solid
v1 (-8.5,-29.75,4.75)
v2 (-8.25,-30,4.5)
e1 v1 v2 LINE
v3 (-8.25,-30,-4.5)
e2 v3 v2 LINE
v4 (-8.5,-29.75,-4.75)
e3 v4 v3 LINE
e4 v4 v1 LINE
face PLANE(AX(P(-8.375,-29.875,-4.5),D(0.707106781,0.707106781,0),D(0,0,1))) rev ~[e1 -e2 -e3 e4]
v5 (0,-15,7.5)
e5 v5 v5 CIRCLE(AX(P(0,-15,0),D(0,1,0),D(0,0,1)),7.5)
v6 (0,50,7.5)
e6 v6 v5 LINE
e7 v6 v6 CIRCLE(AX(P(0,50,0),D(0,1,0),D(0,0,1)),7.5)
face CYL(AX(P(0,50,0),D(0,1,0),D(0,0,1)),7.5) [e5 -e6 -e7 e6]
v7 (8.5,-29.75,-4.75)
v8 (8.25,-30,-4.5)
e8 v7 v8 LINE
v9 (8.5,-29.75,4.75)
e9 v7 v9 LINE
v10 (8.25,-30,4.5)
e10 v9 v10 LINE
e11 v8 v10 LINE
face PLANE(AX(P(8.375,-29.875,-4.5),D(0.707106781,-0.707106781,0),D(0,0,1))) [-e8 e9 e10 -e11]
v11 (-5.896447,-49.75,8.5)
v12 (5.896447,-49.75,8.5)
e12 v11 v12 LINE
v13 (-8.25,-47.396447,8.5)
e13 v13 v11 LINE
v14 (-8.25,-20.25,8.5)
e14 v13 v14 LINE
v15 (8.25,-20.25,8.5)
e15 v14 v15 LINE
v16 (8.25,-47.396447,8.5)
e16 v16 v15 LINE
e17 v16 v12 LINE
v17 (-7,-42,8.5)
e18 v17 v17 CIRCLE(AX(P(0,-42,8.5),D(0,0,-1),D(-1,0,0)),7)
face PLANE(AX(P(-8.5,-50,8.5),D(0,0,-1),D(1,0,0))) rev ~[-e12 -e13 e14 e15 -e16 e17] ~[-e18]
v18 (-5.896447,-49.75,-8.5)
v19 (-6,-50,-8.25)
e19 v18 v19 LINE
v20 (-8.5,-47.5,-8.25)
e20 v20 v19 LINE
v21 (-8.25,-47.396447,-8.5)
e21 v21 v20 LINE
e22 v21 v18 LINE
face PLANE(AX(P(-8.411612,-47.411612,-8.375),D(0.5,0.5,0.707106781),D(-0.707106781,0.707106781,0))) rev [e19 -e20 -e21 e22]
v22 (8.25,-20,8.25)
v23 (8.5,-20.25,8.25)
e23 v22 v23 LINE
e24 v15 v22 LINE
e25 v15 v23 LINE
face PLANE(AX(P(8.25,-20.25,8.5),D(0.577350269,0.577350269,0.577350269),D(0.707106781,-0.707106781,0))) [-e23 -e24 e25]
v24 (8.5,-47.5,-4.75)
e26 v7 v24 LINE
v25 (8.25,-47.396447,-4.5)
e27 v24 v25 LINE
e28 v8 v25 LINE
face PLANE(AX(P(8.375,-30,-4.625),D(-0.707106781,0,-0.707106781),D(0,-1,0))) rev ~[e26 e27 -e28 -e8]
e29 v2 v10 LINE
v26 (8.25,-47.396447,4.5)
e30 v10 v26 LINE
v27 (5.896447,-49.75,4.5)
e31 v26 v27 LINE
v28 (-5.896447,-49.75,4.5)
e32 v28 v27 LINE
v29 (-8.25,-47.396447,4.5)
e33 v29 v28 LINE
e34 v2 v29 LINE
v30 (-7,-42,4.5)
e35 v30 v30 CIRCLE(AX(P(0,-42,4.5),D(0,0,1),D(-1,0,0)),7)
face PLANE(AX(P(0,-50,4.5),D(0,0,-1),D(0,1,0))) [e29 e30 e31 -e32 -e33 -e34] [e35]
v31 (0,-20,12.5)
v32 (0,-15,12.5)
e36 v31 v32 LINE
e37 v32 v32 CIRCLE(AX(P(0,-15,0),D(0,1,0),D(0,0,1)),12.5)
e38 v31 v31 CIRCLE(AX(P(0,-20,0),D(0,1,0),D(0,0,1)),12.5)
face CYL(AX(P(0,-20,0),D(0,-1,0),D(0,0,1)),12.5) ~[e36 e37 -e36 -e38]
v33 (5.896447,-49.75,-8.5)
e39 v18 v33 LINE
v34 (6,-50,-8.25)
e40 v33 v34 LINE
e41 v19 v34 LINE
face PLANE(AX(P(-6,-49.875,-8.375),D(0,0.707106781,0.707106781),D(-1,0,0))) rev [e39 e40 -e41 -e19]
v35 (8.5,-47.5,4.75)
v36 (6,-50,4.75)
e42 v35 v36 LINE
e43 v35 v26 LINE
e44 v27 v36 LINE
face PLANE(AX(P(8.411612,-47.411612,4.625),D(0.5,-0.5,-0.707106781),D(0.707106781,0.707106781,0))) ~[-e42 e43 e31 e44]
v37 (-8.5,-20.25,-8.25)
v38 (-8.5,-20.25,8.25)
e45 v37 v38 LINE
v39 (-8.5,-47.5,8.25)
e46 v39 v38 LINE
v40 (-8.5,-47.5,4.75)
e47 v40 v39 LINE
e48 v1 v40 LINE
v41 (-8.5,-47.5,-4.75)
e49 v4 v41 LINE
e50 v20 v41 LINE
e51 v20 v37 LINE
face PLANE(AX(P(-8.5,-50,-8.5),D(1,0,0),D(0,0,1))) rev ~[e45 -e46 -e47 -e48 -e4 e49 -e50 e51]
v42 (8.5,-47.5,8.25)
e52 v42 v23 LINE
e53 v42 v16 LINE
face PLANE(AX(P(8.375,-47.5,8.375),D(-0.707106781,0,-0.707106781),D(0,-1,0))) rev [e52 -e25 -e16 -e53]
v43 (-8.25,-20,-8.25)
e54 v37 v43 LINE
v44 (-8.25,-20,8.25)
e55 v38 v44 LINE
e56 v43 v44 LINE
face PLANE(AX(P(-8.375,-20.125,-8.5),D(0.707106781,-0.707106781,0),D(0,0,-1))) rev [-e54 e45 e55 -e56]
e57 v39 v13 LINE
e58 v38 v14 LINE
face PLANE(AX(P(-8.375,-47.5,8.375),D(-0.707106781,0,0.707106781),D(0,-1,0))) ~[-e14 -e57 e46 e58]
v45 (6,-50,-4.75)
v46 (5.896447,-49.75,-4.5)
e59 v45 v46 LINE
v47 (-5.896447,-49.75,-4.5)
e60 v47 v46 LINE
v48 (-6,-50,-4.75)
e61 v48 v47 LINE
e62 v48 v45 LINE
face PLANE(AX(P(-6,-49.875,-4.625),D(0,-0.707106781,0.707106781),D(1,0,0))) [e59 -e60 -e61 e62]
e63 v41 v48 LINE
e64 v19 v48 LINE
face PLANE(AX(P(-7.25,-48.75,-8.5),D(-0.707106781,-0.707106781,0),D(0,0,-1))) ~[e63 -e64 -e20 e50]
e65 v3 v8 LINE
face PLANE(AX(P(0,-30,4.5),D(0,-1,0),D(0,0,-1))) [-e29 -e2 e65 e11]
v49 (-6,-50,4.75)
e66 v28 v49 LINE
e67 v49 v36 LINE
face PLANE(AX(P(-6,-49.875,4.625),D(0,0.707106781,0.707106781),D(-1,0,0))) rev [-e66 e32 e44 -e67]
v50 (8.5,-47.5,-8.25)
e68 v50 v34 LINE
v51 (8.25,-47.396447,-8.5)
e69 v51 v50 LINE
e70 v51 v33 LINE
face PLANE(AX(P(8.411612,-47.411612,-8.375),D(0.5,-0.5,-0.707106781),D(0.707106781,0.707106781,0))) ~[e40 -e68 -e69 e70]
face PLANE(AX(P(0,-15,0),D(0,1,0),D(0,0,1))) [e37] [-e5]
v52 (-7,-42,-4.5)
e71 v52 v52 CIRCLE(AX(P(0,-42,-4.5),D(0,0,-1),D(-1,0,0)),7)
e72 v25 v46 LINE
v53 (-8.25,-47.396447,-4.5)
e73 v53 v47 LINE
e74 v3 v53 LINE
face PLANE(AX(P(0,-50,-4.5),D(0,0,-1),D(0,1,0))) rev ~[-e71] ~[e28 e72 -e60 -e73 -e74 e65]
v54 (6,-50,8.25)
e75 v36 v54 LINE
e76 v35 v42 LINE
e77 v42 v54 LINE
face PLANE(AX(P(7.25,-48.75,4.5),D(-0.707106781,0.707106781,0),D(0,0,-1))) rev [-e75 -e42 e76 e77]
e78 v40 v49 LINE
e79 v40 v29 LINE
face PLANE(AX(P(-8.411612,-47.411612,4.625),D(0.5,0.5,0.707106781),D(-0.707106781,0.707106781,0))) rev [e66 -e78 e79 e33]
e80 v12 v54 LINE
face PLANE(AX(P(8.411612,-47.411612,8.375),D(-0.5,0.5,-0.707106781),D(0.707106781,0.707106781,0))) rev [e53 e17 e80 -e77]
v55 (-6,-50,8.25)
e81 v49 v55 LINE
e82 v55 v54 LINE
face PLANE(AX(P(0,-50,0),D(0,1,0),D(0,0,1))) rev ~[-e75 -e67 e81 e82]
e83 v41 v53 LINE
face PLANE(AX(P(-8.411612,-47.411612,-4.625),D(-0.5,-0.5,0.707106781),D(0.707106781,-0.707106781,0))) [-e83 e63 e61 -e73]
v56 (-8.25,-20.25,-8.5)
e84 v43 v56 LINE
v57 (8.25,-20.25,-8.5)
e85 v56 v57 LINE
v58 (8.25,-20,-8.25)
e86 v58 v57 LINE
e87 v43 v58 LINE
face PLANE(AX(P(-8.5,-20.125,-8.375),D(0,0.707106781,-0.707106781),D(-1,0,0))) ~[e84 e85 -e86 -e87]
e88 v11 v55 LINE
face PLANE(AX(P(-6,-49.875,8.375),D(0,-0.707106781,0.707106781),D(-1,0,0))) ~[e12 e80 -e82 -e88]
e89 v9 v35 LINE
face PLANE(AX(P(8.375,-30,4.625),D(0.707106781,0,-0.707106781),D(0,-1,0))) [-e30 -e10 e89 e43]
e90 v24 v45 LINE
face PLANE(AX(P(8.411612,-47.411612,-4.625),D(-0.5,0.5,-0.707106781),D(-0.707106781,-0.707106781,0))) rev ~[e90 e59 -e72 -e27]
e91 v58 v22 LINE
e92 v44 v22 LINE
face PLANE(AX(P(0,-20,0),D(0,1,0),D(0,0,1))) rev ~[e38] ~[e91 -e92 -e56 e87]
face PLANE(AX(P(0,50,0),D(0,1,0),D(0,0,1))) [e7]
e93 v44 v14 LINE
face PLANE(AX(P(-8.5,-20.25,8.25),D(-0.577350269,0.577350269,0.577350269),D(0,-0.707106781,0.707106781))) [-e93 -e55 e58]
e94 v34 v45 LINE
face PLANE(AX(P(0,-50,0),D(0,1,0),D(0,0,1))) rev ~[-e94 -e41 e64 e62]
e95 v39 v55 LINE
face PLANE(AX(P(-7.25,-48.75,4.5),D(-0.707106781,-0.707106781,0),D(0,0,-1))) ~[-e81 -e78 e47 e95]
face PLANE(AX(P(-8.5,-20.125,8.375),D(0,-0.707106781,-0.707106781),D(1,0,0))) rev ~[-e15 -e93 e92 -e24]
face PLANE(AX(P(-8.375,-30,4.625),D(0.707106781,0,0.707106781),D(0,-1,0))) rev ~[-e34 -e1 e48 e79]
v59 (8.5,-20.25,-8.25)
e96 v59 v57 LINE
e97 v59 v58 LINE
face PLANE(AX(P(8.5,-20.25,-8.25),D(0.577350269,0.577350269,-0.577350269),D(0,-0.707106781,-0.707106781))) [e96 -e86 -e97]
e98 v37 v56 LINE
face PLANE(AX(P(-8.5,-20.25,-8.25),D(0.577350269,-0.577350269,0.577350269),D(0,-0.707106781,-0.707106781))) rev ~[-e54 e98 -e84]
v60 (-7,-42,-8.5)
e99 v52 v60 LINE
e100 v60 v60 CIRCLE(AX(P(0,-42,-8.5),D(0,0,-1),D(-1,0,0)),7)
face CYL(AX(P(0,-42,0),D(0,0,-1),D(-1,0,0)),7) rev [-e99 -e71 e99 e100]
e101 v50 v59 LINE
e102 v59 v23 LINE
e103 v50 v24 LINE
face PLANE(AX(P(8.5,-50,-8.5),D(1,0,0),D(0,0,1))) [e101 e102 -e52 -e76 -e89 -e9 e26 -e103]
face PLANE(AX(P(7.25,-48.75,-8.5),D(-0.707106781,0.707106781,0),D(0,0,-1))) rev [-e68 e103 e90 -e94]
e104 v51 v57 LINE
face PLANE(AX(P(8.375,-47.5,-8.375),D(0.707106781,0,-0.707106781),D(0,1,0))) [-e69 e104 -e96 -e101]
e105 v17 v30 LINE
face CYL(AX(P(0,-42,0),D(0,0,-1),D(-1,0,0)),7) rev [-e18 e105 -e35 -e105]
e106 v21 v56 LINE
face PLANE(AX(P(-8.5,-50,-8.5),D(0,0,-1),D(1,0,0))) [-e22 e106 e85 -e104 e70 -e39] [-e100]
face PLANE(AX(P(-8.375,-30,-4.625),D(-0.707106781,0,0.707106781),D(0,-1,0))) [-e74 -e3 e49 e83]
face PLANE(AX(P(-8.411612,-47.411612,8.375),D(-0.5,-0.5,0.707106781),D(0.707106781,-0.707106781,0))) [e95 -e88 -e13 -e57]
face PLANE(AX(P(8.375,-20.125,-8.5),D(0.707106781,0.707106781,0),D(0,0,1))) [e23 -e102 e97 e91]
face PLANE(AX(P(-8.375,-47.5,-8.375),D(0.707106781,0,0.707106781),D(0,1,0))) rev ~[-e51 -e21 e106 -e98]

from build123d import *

# Parameters (mm, degrees)
SKETCH1_R                           = 12.5
BOSS_EXTRUDE1_DEPTH                 = 50
CUT_EXTRUDE1_REACH                  = 55.033
CUT_EXTRUDE1_END_RADIUS             = 12.5
SKETCH2_R                           = 7
CUT_EXTRUDE1_DIRECTION_2_REACH      = 55.033
CUT_EXTRUDE1_DIRECTION_2_END_RADIUS = 12.5
CUT_EXTRUDE2_REACH                  = 55.033
SKETCH3_W                           = 9
SKETCH3_H                           = 20
CUT_EXTRUDE2_DIRECTION_2_REACH      = 55.033
SKETCH4_OUTSIDE_W                   = 48.214
SKETCH4_OUTSIDE_H                   = 48.214
SKETCH4_OUTSIDE_W_2                 = 17
SKETCH4_OUTSIDE_H_2                 = 17
CUT_EXTRUDE4_DEPTH                  = 30
SKETCH5_R                           = 12.5
SKETCH5_R_2                         = 7.5
CUT_EXTRUDE5_DEPTH                  = 70
CHAMFER2_SIZE                       = 2.5
CHAMFER1_SIZE                       = 0.25
SKETCH7_R                           = 12.5
BOSS_EXTRUDE2_DEPTH                 = 5


with BuildPart() as part:
    # Sketch1 → Boss-Extrude1 (new, symmetric)
    with BuildSketch(Plane(origin=(0, 0, 0), x_dir=(1, 0, 0), z_dir=(0, 1, 0))):
        with Locations(Location((0, 0, 0), (0, 0, 270))):
            Circle(SKETCH1_R)
    extrude(amount=BOSS_EXTRUDE1_DEPTH, both=True)

    # Cut-Extrude1: up to this cylinder (the profile starts inside it)
    cut_extrude1_end = Plane(origin=(0, -42, 0), z_dir=(0, -1, 0)) * Cylinder(CUT_EXTRUDE1_END_RADIUS, 136.066, mode=Mode.PRIVATE)
    # Sketch2 → Cut-Extrude1 (cut, up to the surface)
    with BuildSketch(Plane.XY, mode=Mode.PRIVATE) as cut_extrude1_sk1:
        with Locations(Location((0, -42, 0), (0, 0, 180))):
            Circle(SKETCH2_R)
    cut_extrude1_tool1 = extrude(cut_extrude1_sk1.sketch, amount=-CUT_EXTRUDE1_REACH, mode=Mode.PRIVATE) & cut_extrude1_end
    add(cut_extrude1_tool1.solids().sort_by_distance((0, -42, 0))[0], mode=Mode.SUBTRACT)

    # Cut-Extrude1 direction 2: up to this cylinder (the profile starts inside it)
    cut_extrude1_direction_2_end = Plane(origin=(0, -42, 0), z_dir=(0, -1, 0)) * Cylinder(CUT_EXTRUDE1_DIRECTION_2_END_RADIUS, 136.066, mode=Mode.PRIVATE)
    # Sketch2 → Cut-Extrude1 direction 2 (cut, up to the surface)
    with BuildSketch(Plane.XY, mode=Mode.PRIVATE) as cut_extrude1_direction_2_sk1:
        with Locations(Location((0, -42, 0), (0, 0, 180))):
            Circle(SKETCH2_R)
    cut_extrude1_direction_2_tool1 = extrude(cut_extrude1_direction_2_sk1.sketch, amount=CUT_EXTRUDE1_DIRECTION_2_REACH, mode=Mode.PRIVATE) & cut_extrude1_direction_2_end
    add(cut_extrude1_direction_2_tool1.solids().sort_by_distance((0, -42, 0))[0], mode=Mode.SUBTRACT)

    # Sketch3 → Cut-Extrude2 (cut, up to next)
    with BuildSketch(Plane(origin=(0, 0, 0), x_dir=(0, 0, -1), z_dir=(1, 0, 0)), mode=Mode.PRIVATE) as cut_extrude2_sk1:
        with Locations((0, -40)):
            Rectangle(SKETCH3_W, SKETCH3_H)
    cut_extrude2_tool1 = extrude(cut_extrude2_sk1.sketch, amount=-CUT_EXTRUDE2_REACH, mode=Mode.PRIVATE) & part.part
    add(cut_extrude2_tool1.solids().sort_by_distance((0, -40, 0))[0], mode=Mode.SUBTRACT)

    # Sketch3 → Cut-Extrude2 direction 2 (cut, up to next)
    with BuildSketch(Plane(origin=(0, 0, 0), x_dir=(0, 0, -1), z_dir=(1, 0, 0)), mode=Mode.PRIVATE) as cut_extrude2_direction_2_sk1:
        with Locations((0, -40)):
            Rectangle(SKETCH3_W, SKETCH3_H)
    cut_extrude2_direction_2_tool1 = extrude(cut_extrude2_direction_2_sk1.sketch, amount=CUT_EXTRUDE2_DIRECTION_2_REACH, mode=Mode.PRIVATE) & part.part
    add(cut_extrude2_direction_2_tool1.solids().sort_by_distance((0, -40, 0))[0], mode=Mode.SUBTRACT)

    # Sketch4 outside → Cut-Extrude4 (cut)
    with BuildSketch(Plane.XZ.offset(50)):
        Rectangle(SKETCH4_OUTSIDE_W, SKETCH4_OUTSIDE_H)
        Rectangle(SKETCH4_OUTSIDE_W_2, SKETCH4_OUTSIDE_H_2, mode=Mode.SUBTRACT)
    extrude(amount=-CUT_EXTRUDE4_DEPTH, mode=Mode.SUBTRACT)

    # Sketch5 → Cut-Extrude5 (cut)
    with BuildSketch(Plane(origin=(0, 50, 0), x_dir=(1, 0, 0), z_dir=(0, 1, 0))):
        Circle(SKETCH5_R)
        with Locations(Location((0, 0, 0), (0, 0, 270))):
            Circle(SKETCH5_R_2, mode=Mode.SUBTRACT)
    extrude(amount=-CUT_EXTRUDE5_DEPTH, mode=Mode.SUBTRACT)

    # Chamfer2
    chamfer2_edges = [part.edges().sort_by_distance(p)[0] for p in [
        (8.5, -50, 6.5),
        (8.5, -50, -6.5),
        (-8.5, -50, 6.5),
        (-8.5, -50, -6.5),
    ]]
    chamfer(chamfer2_edges, length=CHAMFER2_SIZE)

    # Chamfer1
    chamfer1_edges = [part.edges().sort_by_distance(p)[0] for p in [
        (-8.5, -30, 0),
        (8.5, -30, 0),
        (0, -20, -8.5),
        (8.5, -20, 0),
        (0, -20, 8.5),
        (-8.5, -20, 0),
        (8.5, -38.75, 4.5),
        (8.5, -33.75, -8.5),
        (-8.5, -33.75, -8.5),
        (-8.5, -38.75, -4.5),
        (-8.5, -33.75, 8.5),
        (8.5, -33.75, 8.5),
        (0, -50, -4.5),
        (0, -50, -8.5),
        (8.5, -38.75, -4.5),
        (-7.25, -48.75, -4.5),
        (7.25, -48.75, -4.5),
        (-7.25, -48.75, -8.5),
        (7.25, -48.75, -8.5),
        (0, -50, 8.5),
        (0, -50, 4.5),
        (-7.25, -48.75, 8.5),
        (7.25, -48.75, 8.5),
        (-8.5, -38.75, 4.5),
        (-7.25, -48.75, 4.5),
        (7.25, -48.75, 4.5),
    ]]
    chamfer(chamfer1_edges, length=CHAMFER1_SIZE)

    # Sketch7 → Boss-Extrude2 (add)
    with BuildSketch(Plane(origin=(0, -20, 0), x_dir=(1, 0, 0), z_dir=(0, 1, 0))):
        with Locations(Location((0, 0, 0), (0, 0, 270))):
            Circle(SKETCH7_R)
    extrude(amount=BOSS_EXTRUDE2_DEPTH)


solid = part.part
